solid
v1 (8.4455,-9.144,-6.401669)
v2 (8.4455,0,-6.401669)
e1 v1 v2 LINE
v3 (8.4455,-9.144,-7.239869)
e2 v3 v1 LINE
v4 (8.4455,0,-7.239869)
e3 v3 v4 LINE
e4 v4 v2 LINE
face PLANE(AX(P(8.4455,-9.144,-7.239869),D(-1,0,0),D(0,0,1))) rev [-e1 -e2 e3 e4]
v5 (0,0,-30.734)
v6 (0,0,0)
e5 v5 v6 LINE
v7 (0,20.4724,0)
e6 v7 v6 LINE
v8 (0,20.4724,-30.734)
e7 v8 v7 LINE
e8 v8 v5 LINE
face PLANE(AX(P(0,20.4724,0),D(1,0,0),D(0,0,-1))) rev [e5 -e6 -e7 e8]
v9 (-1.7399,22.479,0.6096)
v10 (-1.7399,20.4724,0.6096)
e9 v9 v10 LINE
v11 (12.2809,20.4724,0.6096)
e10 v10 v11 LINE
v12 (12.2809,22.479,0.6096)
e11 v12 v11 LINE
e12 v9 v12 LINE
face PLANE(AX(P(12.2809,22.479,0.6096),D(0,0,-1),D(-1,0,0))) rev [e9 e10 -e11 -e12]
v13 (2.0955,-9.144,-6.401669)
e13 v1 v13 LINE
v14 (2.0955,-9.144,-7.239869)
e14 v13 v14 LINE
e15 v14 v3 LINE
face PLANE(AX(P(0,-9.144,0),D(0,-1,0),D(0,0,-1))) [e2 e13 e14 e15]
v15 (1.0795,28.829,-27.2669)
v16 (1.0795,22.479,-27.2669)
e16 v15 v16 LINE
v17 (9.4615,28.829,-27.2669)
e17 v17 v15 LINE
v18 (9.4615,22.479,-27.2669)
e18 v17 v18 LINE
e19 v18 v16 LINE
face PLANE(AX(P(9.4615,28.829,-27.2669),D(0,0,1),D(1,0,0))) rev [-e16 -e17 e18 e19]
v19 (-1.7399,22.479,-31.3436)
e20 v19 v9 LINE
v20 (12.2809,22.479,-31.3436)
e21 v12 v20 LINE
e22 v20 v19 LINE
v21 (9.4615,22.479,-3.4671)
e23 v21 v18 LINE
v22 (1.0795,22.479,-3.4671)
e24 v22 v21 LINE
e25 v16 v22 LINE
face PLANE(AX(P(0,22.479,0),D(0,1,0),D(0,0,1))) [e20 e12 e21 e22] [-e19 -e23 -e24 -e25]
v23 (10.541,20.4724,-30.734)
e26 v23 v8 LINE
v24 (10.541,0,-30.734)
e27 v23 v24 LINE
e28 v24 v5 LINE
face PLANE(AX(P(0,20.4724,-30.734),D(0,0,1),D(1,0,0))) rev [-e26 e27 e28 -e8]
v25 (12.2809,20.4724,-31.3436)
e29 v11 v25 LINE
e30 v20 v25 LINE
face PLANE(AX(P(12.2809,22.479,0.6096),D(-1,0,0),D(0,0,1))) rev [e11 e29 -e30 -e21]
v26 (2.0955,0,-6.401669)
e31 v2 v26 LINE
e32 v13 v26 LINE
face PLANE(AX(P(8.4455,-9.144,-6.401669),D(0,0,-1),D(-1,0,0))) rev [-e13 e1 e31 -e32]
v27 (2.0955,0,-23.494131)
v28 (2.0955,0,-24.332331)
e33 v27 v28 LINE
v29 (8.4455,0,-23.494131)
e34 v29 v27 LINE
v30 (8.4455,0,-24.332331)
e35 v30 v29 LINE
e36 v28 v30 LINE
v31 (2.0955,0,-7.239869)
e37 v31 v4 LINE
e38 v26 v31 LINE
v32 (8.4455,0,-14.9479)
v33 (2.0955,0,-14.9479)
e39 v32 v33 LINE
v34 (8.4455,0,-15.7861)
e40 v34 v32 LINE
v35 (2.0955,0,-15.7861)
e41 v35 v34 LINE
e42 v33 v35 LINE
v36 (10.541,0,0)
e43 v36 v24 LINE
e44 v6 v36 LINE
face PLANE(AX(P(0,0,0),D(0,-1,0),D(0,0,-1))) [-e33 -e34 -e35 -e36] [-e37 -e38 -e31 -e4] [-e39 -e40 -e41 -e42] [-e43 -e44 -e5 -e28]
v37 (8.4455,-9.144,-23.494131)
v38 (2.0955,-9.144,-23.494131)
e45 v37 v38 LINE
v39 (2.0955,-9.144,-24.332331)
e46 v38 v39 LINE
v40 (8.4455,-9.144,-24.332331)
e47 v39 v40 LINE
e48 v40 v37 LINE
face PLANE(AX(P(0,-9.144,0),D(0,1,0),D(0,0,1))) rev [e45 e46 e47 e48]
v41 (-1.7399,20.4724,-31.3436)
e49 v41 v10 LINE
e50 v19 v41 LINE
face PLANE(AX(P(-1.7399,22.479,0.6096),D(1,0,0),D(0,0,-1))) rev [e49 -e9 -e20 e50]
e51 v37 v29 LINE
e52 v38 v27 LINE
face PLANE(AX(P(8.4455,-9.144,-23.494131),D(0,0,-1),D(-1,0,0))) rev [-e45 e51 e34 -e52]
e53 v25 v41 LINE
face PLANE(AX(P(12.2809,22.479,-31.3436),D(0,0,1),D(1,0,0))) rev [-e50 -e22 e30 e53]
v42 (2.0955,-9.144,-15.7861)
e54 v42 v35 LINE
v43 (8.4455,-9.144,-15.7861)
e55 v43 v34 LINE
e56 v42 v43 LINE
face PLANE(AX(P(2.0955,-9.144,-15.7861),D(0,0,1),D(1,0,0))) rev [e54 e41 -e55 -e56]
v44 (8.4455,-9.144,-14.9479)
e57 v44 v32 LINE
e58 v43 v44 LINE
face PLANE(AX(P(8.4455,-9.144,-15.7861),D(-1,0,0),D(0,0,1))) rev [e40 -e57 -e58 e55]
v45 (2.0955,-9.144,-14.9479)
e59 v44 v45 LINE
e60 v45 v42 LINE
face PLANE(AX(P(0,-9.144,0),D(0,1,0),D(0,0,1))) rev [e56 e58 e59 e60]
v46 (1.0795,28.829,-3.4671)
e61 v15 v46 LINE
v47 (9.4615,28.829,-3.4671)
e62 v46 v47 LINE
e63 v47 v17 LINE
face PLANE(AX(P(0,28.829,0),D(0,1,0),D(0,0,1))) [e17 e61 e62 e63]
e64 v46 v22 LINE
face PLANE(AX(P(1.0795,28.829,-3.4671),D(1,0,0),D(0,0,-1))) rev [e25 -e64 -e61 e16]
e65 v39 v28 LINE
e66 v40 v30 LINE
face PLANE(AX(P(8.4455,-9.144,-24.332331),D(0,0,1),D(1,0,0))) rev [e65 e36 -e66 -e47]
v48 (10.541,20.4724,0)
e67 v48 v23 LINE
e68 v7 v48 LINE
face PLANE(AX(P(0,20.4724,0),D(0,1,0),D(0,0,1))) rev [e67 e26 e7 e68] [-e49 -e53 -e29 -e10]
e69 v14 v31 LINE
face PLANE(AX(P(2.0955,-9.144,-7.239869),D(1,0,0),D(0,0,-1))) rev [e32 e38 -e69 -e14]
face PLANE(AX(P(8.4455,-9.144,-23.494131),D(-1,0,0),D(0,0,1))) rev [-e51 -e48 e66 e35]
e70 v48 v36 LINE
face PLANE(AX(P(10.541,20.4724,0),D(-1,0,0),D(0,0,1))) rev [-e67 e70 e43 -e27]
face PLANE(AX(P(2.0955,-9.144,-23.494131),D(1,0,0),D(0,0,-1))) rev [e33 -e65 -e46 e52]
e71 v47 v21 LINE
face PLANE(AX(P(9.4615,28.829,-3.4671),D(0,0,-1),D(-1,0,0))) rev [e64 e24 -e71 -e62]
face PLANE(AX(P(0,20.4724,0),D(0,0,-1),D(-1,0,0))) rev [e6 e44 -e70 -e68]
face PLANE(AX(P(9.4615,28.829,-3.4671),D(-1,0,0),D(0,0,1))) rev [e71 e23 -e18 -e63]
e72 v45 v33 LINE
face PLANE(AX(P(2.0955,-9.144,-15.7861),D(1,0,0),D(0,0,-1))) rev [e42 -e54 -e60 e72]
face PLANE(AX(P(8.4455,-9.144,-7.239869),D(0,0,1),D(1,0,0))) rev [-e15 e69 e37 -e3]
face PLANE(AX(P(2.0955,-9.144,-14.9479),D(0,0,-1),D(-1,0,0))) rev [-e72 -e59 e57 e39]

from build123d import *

# Parameters (mm, degrees)
SKETCH1_W           = 10.541
SKETCH1_H           = 30.734
BOSS_EXTRUDE1_DEPTH = 20.4724
SKETCH2_W           = 14.0208
SKETCH2_H           = 31.9532
BOSS_EXTRUDE2_DEPTH = 2.0066
SKETCH3_W           = 8.382
SKETCH3_H           = 23.7998
BOSS_EXTRUDE3_DEPTH = 6.35
SKETCH4_W           = 6.35
SKETCH4_H           = 0.8382
BOSS_EXTRUDE4_DEPTH = 9.144


with BuildPart() as part:
    # Sketch1 → Boss-Extrude1 (new body)
    with BuildSketch(Plane(origin=(0, 0, 0), x_dir=(1, 0, 0), z_dir=(0, 1, 0))):
        with Locations((5.2705, 15.367)):
            Rectangle(SKETCH1_W, SKETCH1_H)
    extrude(amount=BOSS_EXTRUDE1_DEPTH)

    # Sketch2 → Boss-Extrude2 (add)
    with BuildSketch(Plane(origin=(0, 20.4724, 0), x_dir=(1, 0, 0), z_dir=(0, 1, 0))):
        with Locations((5.2705, 15.367)):
            Rectangle(SKETCH2_W, SKETCH2_H)
    extrude(amount=BOSS_EXTRUDE2_DEPTH)

    # Sketch3 → Boss-Extrude3 (add)
    with BuildSketch(Plane(origin=(0, 22.479, 0), x_dir=(1, 0, 0), z_dir=(0, 1, 0))):
        with Locations((5.2705, 15.367)):
            Rectangle(SKETCH3_W, SKETCH3_H)
    extrude(amount=BOSS_EXTRUDE3_DEPTH)

    # Sketch4 → Boss-Extrude4 (add)
    with BuildSketch(Plane.XZ):
        with Locations((5.2705, -23.913230798)):
            Rectangle(SKETCH4_W, SKETCH4_H)
        with Locations((5.2705, -15.367)):
            Rectangle(SKETCH4_W, SKETCH4_H)
        with Locations((5.2705, -6.820769202)):
            Rectangle(SKETCH4_W, SKETCH4_H)
    extrude(amount=BOSS_EXTRUDE4_DEPTH)


solid = part.part
